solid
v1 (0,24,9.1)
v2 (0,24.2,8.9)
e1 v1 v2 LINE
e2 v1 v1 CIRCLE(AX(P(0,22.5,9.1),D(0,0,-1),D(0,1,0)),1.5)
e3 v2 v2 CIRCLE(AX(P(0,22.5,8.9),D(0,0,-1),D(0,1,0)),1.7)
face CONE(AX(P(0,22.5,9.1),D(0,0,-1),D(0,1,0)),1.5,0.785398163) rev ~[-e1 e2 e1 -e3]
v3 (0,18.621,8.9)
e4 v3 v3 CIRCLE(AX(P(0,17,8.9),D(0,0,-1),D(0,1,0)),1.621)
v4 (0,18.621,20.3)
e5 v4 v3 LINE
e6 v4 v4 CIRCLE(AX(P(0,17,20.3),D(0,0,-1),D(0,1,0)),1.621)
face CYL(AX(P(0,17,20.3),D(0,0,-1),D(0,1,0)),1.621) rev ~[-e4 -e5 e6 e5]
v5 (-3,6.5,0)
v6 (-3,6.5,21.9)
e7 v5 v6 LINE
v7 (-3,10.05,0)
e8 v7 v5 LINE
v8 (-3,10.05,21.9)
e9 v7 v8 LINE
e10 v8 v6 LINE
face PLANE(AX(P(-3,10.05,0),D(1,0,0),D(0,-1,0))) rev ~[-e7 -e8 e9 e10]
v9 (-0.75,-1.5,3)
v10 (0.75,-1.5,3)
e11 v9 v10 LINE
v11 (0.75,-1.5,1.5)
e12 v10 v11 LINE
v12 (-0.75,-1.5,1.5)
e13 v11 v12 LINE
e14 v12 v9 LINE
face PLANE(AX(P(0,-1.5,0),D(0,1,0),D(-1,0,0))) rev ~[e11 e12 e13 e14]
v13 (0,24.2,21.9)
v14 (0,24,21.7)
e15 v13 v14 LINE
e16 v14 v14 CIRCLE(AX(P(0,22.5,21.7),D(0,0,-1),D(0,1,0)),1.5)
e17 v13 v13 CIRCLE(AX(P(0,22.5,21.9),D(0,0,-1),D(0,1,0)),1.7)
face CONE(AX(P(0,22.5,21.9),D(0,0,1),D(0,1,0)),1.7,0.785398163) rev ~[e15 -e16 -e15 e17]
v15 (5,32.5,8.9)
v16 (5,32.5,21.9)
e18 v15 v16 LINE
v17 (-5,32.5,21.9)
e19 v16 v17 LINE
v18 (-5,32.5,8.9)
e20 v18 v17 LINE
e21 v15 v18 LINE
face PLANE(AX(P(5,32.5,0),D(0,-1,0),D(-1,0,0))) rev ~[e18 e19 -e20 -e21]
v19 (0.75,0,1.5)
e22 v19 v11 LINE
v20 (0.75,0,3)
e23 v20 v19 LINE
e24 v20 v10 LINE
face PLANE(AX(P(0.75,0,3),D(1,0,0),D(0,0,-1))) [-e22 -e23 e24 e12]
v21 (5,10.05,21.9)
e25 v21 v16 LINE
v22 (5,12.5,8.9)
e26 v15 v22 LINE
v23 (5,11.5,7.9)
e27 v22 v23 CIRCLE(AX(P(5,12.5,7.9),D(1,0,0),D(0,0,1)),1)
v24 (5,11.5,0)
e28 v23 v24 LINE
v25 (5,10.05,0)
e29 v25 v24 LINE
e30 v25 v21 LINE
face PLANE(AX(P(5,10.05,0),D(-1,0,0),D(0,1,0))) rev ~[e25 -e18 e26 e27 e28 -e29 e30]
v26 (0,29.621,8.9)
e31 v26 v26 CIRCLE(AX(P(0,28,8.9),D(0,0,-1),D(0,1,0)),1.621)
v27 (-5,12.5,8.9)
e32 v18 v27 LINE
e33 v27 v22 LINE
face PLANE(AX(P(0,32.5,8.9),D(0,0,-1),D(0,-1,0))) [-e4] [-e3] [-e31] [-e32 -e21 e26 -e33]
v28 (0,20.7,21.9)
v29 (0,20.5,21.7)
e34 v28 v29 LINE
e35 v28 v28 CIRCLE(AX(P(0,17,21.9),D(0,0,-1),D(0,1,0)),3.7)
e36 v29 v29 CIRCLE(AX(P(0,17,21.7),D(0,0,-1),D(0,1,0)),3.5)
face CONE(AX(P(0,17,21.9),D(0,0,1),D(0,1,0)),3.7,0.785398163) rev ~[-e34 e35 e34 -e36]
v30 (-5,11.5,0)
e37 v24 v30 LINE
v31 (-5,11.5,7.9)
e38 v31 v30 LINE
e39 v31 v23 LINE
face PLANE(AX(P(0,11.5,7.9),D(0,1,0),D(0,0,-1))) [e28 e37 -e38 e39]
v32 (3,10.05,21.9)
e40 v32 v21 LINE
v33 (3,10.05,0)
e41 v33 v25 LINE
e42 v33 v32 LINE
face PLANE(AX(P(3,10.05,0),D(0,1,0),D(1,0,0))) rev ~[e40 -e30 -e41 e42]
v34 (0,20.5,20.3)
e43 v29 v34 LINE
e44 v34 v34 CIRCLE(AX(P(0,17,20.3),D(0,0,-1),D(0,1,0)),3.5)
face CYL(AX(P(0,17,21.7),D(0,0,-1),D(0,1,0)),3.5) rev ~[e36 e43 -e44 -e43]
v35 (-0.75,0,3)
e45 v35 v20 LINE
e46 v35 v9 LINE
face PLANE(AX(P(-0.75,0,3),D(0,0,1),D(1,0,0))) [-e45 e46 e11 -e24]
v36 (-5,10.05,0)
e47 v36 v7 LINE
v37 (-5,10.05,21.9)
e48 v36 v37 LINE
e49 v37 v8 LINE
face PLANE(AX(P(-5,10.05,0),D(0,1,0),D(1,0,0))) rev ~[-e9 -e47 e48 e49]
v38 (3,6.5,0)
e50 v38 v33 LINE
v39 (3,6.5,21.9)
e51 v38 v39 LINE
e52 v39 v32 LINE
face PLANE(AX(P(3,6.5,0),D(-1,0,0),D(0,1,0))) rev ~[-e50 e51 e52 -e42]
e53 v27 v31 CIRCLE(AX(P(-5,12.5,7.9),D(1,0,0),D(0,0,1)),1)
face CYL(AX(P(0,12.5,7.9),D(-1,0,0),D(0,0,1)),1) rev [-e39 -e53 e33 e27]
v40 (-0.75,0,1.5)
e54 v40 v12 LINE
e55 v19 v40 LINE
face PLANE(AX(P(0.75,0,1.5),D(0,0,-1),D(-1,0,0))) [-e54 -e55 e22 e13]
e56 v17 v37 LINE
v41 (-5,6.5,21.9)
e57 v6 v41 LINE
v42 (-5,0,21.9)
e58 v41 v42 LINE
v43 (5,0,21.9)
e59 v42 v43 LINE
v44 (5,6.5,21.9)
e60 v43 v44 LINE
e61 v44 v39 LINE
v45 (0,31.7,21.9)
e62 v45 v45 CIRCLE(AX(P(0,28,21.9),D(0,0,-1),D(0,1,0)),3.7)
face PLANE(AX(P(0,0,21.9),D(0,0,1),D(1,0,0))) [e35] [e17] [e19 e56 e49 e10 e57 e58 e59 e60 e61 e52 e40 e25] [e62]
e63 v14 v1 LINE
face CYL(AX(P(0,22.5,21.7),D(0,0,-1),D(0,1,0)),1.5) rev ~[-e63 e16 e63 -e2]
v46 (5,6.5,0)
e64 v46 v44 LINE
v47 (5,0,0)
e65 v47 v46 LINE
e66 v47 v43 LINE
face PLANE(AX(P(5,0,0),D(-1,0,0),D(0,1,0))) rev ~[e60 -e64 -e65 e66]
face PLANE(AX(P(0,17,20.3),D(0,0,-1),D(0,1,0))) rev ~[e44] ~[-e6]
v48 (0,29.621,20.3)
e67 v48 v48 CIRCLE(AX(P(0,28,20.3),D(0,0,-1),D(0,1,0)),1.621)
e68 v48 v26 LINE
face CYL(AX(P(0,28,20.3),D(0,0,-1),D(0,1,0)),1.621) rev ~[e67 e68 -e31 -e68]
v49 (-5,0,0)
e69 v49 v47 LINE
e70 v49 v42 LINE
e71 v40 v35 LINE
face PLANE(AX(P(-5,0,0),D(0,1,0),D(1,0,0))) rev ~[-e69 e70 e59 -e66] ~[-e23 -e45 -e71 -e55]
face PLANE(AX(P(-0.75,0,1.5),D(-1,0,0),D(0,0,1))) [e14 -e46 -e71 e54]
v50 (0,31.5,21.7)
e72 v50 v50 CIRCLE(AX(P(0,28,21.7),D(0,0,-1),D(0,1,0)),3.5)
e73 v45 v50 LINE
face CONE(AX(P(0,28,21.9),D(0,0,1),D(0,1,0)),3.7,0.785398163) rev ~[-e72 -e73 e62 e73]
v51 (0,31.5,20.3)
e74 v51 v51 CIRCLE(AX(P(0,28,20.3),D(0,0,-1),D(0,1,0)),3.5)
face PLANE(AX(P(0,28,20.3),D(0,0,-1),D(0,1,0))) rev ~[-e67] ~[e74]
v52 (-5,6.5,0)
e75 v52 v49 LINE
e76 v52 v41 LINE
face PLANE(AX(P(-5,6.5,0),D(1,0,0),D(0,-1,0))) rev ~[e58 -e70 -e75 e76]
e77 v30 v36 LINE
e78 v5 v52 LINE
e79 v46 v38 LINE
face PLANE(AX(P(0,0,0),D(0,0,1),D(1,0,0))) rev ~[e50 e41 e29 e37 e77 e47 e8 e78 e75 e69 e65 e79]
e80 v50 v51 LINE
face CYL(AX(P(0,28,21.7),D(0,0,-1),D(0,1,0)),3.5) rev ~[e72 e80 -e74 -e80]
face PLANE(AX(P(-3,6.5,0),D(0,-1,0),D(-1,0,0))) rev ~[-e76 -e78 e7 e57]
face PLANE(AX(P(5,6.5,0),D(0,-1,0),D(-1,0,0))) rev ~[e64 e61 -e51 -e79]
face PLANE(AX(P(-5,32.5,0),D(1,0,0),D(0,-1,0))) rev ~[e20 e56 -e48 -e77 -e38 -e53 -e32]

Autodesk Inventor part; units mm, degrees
sketch "Sketch_1" plane through (0, 0, 0) normal (0, 0, 1) x (1, 0, 0)
  line L0 (-5, 10.05) -> (-3, 10.05)
  line L1 (-3, 10.05) -> (-3, 6.5)
  line L2 (-3, 6.5) -> (-5, 6.5)
  line L3 (-5, 6.5) -> (-5, 0)
  line L4 (-5, 0) -> (5, 0)
  line L5 (5, 0) -> (5, 6.5)
  line L6 (5, 6.5) -> (3, 6.5)
  line L7 (3, 6.5) -> (3, 10.05)
  line L8 (3, 10.05) -> (5, 10.05)
  line L9 (5, 10.05) -> (5, 32.5)
  line L10 (5, 32.5) -> (-5, 32.5)
  line L11 (-5, 32.5) -> (-5, 10.05)
extrude "Extrusion1" add sketch "Sketch_1" along normal blind 21.9
sketch "Sketch_2" plane through (0, 0, 0) normal (1, 0, 0) x (0, 1, 0)
  arc A0 (12.5, 8.9) -> (11.5, 7.9) centre (12.5, 7.9) ccw
  line L0 (11.5, 7.9) -> (11.5, 0)
  line L1 (11.5, 0) -> (32.5, 0)
  line L2 (32.5, 0) -> (32.5, 8.9)
  line L3 (32.5, 8.9) -> (12.5, 8.9)
extrude "Extrusion2" cut sketch "Sketch_2" along normal mid plane 10
sketch "Sketch_5" plane through (0, 0, 0) normal (1, 0, 0) x (0, 1, 0)
  line L0 (22.5, 8.9) -> (22.5, 21.9)
  line L1 (22.5, 21.9) -> (24.2, 21.9)
  line L2 (24.2, 21.9) -> (24, 21.7)
  line L3 (24, 21.7) -> (24, 9.1)
  line L4 (24, 9.1) -> (24.2, 8.9)
  line L5 (24.2, 8.9) -> (22.5, 8.9)
  line L6 (22.5, 8.9) -> (22.5, 21.9)
revolve "Revolution1" cut sketch "Sketch_5" angle 360 about axis through (0, 22.5, 8.9) along (0, 0, -1)
sketch "Sketch_6" plane through (0, 0, 0) normal (1, 0, 0) x (0, 1, 0)
  line L0 (17, 8.9) -> (17, 21.9)
  line L1 (17, 21.9) -> (20.7, 21.9)
  line L2 (20.7, 21.9) -> (20.5, 21.7)
  line L3 (20.5, 21.7) -> (20.5, 20.3)
  line L4 (20.5, 20.3) -> (18.621, 20.3)
  line L5 (18.621, 20.3) -> (18.621, 8.9)
  line L6 (18.621, 8.9) -> (17, 8.9)
  line L7 (17, 8.9) -> (17, 21.9)
revolve "Revolution2" cut sketch "Sketch_6" angle 360 about axis through (0, 17, 8.9) along (0, 0, -1)
thread "Thread1" size "M4x0.7" class "6H" standard "ISO Metric profile" full length
sketch "Sketch_7" plane through (0, 0, 0) normal (1, 0, 0) x (0, 1, 0)
  line L0 (28, 8.9) -> (28, 21.9)
  line L1 (28, 21.9) -> (31.7, 21.9)
  line L2 (31.7, 21.9) -> (31.5, 21.7)
  line L3 (31.5, 21.7) -> (31.5, 20.3)
  line L4 (31.5, 20.3) -> (29.621, 20.3)
  line L5 (29.621, 20.3) -> (29.621, 8.9)
  line L6 (29.621, 8.9) -> (28, 8.9)
  line L7 (28, 8.9) -> (28, 21.9)
revolve "Revolution3" cut sketch "Sketch_7" angle 360 about axis through (0, 28, 8.9) along (0, 0, -1)
thread "Thread2" size "M4x0.7" class "6H" standard "ISO Metric profile" full length
sketch "Sketch_10" plane through (0, 0, 0) normal (0, 1, 0) x (-1, 0, 0)
  line L0 (0.75, 3) -> (-0.75, 3)
  line L1 (-0.75, 3) -> (-0.75, 1.5)
  line L2 (-0.75, 1.5) -> (0.75, 1.5)
  line L3 (0.75, 1.5) -> (0.75, 3)
extrude "Extrusion3" add sketch "Sketch_10" against normal blind 1.5
ref_plane "GRIFF_XY" through (0, 0, 0) normal (0, 0, -1) x (1, 0, 0)
ref_plane "GRIFF_YZ" through (0, 0, 0) normal (1, 0, 0) x (0, -1, 0)
ref_plane "GRIFF_ZX" through (0, 0, 0) normal (0, -1, 0) x (0, 0, -1)
ref_plane "TO_ZBH_1_XY" through (0, 17, 20.3) normal (0, 0, -1) x (1, 0, 0)
ref_plane "TO_ZBH_1_YZ" through (0, 17, 20.3) normal (1, 0, 0) x (0, -1, 0)
ref_plane "TO_ZBH_1_ZX" through (0, 17, 20.3) normal (0, -1, 0) x (0, 0, -1)
ref_plane "TO_ZBH_2_XY" through (0, 28, 20.3) normal (0, 0, -1) x (1, 0, 0)
ref_plane "TO_ZBH_2_YZ" through (0, 28, 20.3) normal (1, 0, 0) x (0, -1, 0)
ref_plane "TO_ZBH_2_ZX" through (0, 28, 20.3) normal (0, -1, 0) x (0, 0, -1)
properties part number "1254044 DHPS-16-A-NO---(Handle)"
